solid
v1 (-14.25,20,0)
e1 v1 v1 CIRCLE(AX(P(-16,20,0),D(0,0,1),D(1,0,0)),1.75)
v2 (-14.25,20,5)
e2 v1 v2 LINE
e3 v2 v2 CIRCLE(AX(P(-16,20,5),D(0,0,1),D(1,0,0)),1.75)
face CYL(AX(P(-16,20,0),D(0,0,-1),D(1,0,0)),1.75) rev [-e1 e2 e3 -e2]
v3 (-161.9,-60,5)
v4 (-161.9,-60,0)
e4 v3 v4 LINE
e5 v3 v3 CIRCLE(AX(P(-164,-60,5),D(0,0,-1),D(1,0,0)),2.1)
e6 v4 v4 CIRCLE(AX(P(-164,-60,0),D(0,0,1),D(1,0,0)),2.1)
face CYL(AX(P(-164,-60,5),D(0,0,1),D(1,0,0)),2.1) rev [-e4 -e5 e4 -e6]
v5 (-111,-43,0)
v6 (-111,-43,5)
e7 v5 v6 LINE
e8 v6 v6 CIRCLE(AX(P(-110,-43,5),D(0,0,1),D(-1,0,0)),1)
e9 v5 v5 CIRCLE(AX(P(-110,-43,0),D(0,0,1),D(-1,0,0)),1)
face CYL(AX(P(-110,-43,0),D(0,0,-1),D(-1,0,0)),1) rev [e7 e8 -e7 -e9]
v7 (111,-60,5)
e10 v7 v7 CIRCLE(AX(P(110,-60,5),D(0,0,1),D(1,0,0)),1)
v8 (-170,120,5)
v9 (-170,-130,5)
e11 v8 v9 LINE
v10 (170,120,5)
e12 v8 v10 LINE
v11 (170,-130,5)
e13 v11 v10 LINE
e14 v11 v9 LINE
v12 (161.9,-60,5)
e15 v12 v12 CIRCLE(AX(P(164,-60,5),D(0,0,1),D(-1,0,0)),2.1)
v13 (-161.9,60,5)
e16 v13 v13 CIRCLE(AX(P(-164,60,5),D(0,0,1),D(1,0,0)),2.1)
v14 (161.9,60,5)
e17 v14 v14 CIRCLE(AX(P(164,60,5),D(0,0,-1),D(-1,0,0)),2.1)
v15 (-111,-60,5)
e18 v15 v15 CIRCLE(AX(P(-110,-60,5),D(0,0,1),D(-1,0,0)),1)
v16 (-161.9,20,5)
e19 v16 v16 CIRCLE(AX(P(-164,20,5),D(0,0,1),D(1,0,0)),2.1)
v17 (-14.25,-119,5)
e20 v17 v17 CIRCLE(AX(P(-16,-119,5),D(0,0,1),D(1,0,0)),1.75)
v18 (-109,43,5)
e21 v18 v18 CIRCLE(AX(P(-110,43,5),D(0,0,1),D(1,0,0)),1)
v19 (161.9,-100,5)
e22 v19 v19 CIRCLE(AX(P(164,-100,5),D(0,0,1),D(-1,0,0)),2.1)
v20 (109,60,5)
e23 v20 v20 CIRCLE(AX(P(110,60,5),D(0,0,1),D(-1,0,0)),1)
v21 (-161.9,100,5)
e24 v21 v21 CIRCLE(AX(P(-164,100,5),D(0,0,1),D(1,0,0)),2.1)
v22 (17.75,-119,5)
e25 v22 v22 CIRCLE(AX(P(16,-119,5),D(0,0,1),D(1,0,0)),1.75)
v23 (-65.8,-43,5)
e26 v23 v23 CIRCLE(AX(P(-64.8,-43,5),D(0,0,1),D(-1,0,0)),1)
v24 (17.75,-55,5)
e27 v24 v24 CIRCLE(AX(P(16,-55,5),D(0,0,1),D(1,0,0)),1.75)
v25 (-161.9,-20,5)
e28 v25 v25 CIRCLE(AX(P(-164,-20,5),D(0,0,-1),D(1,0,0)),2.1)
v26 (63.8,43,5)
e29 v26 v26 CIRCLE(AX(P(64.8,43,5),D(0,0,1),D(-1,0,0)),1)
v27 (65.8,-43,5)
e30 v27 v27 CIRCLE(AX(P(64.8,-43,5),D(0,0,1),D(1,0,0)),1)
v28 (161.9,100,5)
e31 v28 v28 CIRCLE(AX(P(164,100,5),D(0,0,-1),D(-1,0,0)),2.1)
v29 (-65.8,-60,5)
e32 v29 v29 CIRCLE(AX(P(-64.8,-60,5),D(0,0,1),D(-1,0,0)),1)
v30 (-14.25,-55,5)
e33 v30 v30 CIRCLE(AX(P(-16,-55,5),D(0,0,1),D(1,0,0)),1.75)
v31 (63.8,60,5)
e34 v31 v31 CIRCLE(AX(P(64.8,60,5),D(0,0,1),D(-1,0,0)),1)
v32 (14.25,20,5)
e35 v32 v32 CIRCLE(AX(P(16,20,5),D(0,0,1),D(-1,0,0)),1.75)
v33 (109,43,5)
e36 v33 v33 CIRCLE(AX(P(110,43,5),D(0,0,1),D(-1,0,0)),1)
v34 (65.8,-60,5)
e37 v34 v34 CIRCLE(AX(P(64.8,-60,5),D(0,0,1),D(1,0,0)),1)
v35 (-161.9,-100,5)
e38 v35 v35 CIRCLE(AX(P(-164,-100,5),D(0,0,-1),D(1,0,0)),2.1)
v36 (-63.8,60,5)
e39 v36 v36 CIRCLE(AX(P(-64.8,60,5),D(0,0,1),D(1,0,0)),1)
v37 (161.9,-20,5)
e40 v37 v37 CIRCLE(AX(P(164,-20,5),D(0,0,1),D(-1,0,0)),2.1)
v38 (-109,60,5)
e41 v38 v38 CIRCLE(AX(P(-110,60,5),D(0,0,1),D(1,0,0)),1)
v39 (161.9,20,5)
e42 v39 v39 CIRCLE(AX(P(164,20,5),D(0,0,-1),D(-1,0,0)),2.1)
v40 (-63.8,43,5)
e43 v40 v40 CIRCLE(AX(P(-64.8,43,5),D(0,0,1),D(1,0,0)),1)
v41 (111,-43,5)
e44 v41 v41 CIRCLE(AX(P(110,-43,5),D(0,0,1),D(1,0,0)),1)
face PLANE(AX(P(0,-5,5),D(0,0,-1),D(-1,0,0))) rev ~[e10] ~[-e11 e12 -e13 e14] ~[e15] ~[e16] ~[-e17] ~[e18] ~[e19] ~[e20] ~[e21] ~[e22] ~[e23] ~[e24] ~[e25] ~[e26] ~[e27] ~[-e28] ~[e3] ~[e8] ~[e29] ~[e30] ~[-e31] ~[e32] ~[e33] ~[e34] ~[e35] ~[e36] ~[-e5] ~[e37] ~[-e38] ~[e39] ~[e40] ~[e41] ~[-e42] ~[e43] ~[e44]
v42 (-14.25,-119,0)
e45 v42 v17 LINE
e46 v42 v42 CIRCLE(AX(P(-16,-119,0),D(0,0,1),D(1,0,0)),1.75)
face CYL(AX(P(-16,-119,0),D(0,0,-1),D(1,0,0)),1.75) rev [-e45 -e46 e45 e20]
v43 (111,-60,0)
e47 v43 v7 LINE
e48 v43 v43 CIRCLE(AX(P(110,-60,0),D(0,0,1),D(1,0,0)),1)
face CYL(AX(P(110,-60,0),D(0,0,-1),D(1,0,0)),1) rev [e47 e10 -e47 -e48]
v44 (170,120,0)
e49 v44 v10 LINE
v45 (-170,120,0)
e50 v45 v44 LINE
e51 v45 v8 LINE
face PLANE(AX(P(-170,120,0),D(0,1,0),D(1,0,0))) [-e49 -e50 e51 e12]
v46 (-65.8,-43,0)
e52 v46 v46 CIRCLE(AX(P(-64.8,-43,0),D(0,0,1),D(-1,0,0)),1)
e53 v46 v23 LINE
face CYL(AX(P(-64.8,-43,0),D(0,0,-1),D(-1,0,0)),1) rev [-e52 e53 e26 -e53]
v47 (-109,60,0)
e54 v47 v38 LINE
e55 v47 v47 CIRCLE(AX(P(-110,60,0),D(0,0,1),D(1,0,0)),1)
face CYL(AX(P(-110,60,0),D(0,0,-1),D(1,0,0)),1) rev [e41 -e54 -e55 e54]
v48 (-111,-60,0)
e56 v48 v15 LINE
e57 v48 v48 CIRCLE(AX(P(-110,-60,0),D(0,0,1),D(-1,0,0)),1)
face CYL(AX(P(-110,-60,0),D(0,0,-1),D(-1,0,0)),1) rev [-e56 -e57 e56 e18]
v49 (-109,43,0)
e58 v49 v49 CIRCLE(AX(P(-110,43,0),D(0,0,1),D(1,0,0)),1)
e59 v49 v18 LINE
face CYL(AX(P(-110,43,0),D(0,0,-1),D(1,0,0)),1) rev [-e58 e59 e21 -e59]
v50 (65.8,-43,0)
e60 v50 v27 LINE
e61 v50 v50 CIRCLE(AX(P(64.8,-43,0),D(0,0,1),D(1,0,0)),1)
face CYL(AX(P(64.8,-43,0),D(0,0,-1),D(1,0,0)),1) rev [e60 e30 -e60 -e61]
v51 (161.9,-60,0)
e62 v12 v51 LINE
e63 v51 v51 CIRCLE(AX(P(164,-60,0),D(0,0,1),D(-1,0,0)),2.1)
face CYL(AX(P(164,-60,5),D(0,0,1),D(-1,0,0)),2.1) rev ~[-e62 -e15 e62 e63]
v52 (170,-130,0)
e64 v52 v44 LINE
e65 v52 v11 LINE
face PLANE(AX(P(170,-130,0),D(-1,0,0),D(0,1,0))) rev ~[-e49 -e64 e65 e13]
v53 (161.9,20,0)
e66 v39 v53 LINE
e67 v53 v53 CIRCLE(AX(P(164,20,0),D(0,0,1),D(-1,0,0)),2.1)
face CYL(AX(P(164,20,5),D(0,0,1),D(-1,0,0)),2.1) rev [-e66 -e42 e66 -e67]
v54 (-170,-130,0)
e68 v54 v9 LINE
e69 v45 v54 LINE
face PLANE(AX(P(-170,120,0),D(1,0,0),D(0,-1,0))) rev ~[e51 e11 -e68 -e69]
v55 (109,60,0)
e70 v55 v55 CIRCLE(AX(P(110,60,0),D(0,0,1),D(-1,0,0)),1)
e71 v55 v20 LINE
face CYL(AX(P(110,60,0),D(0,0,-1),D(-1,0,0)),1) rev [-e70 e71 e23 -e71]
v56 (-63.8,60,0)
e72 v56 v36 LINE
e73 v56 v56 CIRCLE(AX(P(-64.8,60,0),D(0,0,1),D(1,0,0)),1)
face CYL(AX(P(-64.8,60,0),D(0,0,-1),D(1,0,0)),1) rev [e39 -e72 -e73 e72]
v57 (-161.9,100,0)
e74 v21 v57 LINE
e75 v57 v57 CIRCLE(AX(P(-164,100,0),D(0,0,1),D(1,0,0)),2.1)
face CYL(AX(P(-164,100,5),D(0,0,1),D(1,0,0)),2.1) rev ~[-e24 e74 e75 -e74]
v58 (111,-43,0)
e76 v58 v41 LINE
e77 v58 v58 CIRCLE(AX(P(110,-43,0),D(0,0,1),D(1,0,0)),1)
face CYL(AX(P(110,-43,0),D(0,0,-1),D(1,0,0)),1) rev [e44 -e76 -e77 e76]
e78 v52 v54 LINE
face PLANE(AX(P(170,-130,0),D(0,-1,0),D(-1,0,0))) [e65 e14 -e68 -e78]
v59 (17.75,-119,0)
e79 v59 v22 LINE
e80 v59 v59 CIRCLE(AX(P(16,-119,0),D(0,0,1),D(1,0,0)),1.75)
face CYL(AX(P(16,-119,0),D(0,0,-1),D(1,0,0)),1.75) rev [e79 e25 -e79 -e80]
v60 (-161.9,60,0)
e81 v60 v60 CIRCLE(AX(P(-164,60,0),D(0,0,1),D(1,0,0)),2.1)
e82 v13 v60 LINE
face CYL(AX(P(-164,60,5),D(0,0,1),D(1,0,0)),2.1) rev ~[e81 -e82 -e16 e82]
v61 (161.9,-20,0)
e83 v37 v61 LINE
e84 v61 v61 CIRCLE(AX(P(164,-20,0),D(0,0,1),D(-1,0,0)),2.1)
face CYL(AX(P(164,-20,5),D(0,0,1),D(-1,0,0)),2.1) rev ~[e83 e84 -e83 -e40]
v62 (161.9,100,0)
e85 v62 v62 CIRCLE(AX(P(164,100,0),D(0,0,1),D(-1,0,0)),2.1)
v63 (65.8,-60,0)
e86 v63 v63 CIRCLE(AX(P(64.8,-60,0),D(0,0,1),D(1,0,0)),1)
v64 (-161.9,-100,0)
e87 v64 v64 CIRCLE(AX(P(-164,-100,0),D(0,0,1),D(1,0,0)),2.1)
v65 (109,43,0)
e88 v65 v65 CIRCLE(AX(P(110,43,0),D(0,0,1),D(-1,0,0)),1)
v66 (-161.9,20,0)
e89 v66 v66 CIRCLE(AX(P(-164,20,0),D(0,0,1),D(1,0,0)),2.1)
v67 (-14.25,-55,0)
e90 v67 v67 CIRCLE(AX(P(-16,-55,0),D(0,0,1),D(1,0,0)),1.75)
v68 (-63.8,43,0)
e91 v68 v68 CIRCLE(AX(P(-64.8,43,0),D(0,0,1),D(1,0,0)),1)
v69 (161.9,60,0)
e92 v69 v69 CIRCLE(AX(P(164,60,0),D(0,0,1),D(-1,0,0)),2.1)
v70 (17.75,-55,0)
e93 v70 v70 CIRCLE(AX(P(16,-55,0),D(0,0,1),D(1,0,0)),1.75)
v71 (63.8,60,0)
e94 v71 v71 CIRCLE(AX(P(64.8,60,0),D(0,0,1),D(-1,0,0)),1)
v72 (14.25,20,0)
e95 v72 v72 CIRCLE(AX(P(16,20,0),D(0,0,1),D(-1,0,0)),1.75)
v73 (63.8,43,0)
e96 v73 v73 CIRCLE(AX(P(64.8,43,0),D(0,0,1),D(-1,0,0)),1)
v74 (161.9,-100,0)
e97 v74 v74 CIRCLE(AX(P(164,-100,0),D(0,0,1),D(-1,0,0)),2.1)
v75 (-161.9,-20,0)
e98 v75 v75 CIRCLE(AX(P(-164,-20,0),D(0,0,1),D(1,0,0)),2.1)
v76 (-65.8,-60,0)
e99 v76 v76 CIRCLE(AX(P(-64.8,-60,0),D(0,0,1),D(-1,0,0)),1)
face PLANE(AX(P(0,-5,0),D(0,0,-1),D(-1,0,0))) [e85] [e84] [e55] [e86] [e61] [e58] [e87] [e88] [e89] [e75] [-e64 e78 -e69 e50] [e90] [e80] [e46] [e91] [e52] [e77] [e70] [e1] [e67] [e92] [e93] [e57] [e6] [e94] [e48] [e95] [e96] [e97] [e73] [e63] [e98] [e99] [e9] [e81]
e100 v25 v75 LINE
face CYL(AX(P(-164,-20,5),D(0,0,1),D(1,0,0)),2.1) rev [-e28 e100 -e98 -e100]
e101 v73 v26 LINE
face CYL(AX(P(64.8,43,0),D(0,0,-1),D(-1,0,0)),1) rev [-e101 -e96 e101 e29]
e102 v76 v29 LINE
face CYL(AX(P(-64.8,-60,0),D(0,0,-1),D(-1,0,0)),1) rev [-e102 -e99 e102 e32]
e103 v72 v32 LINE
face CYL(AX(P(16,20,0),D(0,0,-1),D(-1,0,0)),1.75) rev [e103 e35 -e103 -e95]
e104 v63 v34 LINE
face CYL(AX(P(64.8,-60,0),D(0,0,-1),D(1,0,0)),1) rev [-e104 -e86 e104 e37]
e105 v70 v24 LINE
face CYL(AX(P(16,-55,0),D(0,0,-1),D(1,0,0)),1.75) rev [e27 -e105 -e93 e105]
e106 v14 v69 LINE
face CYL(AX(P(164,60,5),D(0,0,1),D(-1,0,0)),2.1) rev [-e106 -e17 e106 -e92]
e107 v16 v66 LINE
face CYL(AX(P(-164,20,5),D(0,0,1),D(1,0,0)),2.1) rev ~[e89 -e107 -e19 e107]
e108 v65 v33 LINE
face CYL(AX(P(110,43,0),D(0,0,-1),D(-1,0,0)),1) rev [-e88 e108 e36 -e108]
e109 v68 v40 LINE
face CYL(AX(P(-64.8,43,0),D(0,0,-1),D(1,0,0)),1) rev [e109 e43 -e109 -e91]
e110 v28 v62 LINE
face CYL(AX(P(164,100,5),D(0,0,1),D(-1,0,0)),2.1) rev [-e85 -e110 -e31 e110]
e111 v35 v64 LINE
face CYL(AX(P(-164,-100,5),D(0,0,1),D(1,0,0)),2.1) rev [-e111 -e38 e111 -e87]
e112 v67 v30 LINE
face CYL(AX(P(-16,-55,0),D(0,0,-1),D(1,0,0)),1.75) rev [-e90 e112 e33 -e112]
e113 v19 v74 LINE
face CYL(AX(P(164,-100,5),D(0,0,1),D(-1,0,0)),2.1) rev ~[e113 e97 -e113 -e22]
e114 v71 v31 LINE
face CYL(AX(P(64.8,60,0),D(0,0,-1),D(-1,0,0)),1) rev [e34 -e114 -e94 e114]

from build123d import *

# Parameters (mm, degrees)
SKETCH_1_R               = 1
SKETCH_1_R_2             = 1.75
EXTRUDE_1_DEPTH          = 5
SKETCH_2_R               = 2.1
CUT_EXTRUDE_1_DEPTH      = 10
MIRROR_2_COPY_1_SKETCH_R = 2.1
MIRROR_2_COPY_1_DEPTH    = 10


with BuildPart() as part:
    # 草图1 → 凸台-拉伸1 (new body)
    with BuildSketch(Plane.XY):
        Polygon((-170, -120), (-170, 120), (170, 120), (170, -120), (170, -130), (-170, -130), align=None)
        with Locations((-110, 60)):
            Circle(SKETCH_1_R, mode=Mode.SUBTRACT)
        with Locations((-64.8, 60)):
            Circle(SKETCH_1_R, mode=Mode.SUBTRACT)
        with Locations((-64.8, 43)):
            Circle(SKETCH_1_R, mode=Mode.SUBTRACT)
        with Locations((-110, 43)):
            Circle(SKETCH_1_R, mode=Mode.SUBTRACT)
        with Locations(Location((-110, -43, 0), (0, 0, 180))):
            Circle(SKETCH_1_R, mode=Mode.SUBTRACT)
        with Locations(Location((-64.8, -43, 0), (0, 0, 180))):
            Circle(SKETCH_1_R, mode=Mode.SUBTRACT)
        with Locations(Location((-64.8, -60, 0), (0, 0, 180))):
            Circle(SKETCH_1_R, mode=Mode.SUBTRACT)
        with Locations(Location((-110, -60, 0), (0, 0, 180))):
            Circle(SKETCH_1_R, mode=Mode.SUBTRACT)
        with Locations((110, -60)):
            Circle(SKETCH_1_R, mode=Mode.SUBTRACT)
        with Locations((64.8, -60)):
            Circle(SKETCH_1_R, mode=Mode.SUBTRACT)
        with Locations((64.8, -43)):
            Circle(SKETCH_1_R, mode=Mode.SUBTRACT)
        with Locations((110, -43)):
            Circle(SKETCH_1_R, mode=Mode.SUBTRACT)
        with Locations(Location((110, 43, 0), (0, 0, 180))):
            Circle(SKETCH_1_R, mode=Mode.SUBTRACT)
        with Locations(Location((64.8, 43, 0), (0, 0, 180))):
            Circle(SKETCH_1_R, mode=Mode.SUBTRACT)
        with Locations(Location((64.8, 60, 0), (0, 0, 180))):
            Circle(SKETCH_1_R, mode=Mode.SUBTRACT)
        with Locations(Location((110, 60, 0), (0, 0, 180))):
            Circle(SKETCH_1_R, mode=Mode.SUBTRACT)
        with Locations((-16, 20)):
            Circle(SKETCH_1_R_2, mode=Mode.SUBTRACT)
        with Locations(Location((16, 20, 0), (0, 0, 180))):
            Circle(SKETCH_1_R_2, mode=Mode.SUBTRACT)
        with Locations((16, -55)):
            Circle(SKETCH_1_R_2, mode=Mode.SUBTRACT)
        with Locations((16, -119)):
            Circle(SKETCH_1_R_2, mode=Mode.SUBTRACT)
        with Locations((-16, -55)):
            Circle(SKETCH_1_R_2, mode=Mode.SUBTRACT)
        with Locations((-16, -119)):
            Circle(SKETCH_1_R_2, mode=Mode.SUBTRACT)
    extrude(amount=EXTRUDE_1_DEPTH)

    # 草图2 → 切除-拉伸1 (cut)
    with BuildSketch(Plane.XY.offset(5)):
        with Locations((-164, 100)):
            Circle(SKETCH_2_R)
        with Locations((-164, 60)):
            Circle(SKETCH_2_R)
        with Locations((-164, 20)):
            Circle(SKETCH_2_R)
    cut_extrude_1 = extrude(amount=-CUT_EXTRUDE_1_DEPTH, mode=Mode.SUBTRACT)

    # 镜向1: 切除-拉伸1 across plane
    add(cut_extrude_1.mirror(Plane.ZX), mode=Mode.SUBTRACT)

    # 镜向2: 切除-拉伸1 across plane
    add(cut_extrude_1.mirror(Plane(origin=(0, 0, 0), x_dir=(0, 0, 1), z_dir=(1, 0, 0))), mode=Mode.SUBTRACT)

    # 镜向2 copy 1 sketch → 镜向2 copy 1 (cut)
    with BuildSketch(Plane(origin=(0, 0, 5), x_dir=(-1, 0, 0), z_dir=(0, 0, 1))):
        with Locations((-164, 100)):
            Circle(MIRROR_2_COPY_1_SKETCH_R)
        with Locations((-164, 60)):
            Circle(MIRROR_2_COPY_1_SKETCH_R)
        with Locations((-164, 20)):
            Circle(MIRROR_2_COPY_1_SKETCH_R)
    extrude(amount=-MIRROR_2_COPY_1_DEPTH, mode=Mode.SUBTRACT)


solid = part.part
